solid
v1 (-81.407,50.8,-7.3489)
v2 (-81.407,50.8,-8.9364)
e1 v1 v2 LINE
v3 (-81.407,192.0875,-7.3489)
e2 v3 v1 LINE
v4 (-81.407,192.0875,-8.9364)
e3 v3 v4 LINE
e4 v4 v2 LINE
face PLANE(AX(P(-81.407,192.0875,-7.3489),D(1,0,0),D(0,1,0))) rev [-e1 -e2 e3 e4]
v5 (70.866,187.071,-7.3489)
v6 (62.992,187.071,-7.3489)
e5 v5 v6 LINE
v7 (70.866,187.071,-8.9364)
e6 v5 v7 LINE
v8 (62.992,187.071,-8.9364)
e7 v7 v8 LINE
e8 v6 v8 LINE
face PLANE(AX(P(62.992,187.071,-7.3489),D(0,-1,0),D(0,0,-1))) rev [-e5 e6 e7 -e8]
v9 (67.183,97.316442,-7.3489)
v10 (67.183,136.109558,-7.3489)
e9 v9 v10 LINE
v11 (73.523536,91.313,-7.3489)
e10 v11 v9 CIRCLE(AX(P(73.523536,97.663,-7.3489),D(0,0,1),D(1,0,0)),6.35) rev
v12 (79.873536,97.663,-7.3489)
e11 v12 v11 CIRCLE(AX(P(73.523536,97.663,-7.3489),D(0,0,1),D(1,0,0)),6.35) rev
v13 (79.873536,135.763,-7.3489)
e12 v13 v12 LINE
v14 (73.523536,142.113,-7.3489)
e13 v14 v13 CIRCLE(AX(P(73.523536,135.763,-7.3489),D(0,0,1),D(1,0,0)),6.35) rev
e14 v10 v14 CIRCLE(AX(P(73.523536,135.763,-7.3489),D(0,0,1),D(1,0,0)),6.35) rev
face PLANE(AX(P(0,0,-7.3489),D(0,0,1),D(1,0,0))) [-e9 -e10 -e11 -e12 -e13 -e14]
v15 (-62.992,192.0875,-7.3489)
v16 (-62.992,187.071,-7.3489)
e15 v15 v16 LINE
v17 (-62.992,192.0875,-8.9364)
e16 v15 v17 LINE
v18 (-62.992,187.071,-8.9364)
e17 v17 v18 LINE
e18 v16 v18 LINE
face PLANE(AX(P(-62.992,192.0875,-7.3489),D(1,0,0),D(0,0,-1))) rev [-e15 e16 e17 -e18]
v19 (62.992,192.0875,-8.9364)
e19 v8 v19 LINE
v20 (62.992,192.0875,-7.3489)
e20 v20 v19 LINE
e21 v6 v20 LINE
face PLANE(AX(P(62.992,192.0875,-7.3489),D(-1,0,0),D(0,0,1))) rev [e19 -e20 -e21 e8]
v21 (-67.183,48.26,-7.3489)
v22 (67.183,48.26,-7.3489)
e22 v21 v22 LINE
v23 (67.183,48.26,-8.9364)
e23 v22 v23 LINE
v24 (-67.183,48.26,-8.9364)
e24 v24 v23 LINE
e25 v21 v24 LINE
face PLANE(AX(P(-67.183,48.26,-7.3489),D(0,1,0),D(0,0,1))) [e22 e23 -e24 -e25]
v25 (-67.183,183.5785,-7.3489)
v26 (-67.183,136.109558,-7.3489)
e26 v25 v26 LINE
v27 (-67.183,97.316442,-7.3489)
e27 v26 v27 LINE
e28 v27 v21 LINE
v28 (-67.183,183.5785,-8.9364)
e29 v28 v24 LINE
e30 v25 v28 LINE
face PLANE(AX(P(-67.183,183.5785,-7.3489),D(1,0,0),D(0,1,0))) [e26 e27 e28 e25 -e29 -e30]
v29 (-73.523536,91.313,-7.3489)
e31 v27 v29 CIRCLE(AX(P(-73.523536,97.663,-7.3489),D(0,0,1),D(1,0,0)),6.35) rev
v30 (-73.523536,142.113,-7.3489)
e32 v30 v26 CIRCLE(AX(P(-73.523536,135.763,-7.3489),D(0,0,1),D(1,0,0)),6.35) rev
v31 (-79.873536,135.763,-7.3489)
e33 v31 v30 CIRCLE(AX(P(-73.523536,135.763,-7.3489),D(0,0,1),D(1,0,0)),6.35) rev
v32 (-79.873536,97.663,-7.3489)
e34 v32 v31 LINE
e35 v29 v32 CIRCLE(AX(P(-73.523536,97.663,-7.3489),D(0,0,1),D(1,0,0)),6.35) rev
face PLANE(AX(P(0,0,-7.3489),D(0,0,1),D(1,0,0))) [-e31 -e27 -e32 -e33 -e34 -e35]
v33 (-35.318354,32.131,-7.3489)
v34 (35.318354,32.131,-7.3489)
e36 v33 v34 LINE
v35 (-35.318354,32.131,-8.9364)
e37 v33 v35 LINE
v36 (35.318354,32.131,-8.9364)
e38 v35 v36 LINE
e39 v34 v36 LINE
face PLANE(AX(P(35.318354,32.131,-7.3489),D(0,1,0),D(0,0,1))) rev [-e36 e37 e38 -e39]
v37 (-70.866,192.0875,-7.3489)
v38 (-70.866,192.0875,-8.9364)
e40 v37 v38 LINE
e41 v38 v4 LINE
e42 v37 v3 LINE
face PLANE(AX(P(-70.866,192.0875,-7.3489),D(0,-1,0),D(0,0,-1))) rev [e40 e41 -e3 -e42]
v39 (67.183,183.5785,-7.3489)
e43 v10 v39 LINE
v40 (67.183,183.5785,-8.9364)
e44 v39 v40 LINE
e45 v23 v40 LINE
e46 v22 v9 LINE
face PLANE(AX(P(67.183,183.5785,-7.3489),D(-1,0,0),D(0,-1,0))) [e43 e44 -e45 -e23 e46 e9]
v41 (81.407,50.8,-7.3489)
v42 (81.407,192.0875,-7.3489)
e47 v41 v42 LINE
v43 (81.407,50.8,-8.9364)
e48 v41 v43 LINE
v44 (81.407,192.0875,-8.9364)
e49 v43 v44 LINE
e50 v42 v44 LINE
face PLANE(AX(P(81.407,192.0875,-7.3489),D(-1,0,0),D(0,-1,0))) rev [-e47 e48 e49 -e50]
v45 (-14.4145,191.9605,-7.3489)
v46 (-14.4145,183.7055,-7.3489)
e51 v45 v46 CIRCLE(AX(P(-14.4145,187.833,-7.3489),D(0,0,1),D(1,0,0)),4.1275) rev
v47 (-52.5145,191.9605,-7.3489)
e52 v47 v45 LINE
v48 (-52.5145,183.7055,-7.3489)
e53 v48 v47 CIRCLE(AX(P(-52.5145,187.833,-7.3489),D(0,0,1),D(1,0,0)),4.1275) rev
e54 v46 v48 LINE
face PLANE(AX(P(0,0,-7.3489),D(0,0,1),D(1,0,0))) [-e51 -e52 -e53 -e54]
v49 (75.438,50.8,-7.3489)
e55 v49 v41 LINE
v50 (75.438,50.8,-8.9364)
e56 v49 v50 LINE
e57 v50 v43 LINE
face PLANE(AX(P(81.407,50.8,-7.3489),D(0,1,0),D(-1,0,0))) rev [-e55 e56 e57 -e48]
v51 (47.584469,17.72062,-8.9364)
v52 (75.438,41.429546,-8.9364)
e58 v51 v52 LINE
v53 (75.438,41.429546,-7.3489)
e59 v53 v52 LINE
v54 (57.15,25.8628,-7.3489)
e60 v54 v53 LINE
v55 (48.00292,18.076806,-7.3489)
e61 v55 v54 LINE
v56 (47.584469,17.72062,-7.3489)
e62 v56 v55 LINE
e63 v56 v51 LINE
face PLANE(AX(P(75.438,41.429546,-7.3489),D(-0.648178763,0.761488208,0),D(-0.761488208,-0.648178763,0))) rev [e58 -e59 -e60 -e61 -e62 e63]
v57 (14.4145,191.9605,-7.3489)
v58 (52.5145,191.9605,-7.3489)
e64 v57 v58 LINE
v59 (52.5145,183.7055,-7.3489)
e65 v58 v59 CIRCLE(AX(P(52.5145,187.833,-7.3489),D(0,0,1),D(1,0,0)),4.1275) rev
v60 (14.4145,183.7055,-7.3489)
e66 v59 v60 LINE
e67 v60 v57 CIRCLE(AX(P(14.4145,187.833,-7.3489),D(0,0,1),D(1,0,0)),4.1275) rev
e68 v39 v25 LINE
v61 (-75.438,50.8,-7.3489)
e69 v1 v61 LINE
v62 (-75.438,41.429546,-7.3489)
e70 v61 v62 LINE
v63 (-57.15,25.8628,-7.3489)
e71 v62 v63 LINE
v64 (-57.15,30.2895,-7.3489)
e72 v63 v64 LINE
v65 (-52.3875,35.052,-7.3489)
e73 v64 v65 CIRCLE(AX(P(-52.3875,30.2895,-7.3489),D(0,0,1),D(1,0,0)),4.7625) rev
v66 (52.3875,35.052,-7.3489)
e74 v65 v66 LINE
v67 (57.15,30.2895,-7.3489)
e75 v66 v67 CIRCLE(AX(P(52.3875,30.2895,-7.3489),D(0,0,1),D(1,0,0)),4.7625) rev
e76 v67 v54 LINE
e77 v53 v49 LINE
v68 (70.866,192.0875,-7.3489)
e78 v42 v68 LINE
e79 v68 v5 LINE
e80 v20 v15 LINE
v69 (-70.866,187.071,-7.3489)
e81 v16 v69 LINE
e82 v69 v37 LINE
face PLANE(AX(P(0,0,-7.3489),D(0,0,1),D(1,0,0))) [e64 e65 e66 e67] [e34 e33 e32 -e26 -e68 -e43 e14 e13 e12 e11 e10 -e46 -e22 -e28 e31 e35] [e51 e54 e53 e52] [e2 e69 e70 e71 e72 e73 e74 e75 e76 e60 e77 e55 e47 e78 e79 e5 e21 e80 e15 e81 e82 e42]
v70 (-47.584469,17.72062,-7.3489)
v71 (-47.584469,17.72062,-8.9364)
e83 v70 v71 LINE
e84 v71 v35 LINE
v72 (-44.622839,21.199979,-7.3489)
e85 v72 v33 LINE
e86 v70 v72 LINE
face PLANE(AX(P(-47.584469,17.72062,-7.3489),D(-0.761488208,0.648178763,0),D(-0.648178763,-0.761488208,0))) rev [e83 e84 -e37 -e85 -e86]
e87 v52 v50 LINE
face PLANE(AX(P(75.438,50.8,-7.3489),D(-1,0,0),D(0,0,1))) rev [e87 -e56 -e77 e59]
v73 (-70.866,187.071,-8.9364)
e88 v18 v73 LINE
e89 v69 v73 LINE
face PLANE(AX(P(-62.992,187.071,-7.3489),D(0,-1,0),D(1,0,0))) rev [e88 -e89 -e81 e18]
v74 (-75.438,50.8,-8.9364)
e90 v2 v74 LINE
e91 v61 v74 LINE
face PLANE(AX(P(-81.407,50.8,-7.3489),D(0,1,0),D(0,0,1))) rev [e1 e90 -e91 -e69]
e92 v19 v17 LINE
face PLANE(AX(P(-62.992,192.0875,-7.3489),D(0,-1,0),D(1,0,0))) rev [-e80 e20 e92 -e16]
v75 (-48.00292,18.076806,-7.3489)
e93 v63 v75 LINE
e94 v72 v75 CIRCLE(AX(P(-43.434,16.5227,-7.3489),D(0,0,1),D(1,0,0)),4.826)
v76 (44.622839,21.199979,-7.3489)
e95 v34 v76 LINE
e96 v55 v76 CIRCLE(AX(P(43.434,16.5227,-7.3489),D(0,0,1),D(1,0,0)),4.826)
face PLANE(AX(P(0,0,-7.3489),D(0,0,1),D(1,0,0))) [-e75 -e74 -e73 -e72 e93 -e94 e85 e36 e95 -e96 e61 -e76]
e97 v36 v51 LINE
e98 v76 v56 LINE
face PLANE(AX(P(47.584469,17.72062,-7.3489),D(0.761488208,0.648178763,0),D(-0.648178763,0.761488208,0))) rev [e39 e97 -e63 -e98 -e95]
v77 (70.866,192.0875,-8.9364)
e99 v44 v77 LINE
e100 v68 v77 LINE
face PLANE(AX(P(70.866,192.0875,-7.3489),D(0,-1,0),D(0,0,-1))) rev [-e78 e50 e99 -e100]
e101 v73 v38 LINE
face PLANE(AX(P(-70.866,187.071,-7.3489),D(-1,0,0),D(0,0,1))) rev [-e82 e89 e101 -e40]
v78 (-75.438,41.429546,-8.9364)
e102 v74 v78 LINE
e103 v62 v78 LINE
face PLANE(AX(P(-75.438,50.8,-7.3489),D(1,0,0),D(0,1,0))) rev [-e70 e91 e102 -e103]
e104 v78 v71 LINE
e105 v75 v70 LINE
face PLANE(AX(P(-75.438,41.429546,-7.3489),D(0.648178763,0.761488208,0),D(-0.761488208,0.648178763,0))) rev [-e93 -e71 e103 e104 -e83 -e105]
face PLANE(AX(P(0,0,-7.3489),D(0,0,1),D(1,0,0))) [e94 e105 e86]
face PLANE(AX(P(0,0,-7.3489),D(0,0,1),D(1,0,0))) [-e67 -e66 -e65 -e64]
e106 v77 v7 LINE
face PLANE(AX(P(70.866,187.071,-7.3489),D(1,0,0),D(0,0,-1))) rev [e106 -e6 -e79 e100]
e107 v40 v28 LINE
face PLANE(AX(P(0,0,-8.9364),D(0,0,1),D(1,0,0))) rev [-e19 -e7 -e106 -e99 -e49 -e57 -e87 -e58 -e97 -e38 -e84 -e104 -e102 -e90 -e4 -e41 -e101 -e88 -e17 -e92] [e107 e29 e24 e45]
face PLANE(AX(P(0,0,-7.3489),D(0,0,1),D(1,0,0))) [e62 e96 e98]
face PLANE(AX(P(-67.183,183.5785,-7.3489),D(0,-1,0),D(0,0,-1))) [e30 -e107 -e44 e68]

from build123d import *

# Parameters (mm, degrees)
SKETCH1_W           = 134.366
SKETCH1_H           = 135.318500012
BOSS_EXTRUDE1_DEPTH = 1.5875


with BuildPart() as part:
    # Sketch1 → Boss-Extrude1 (new body)
    with BuildSketch(Plane.XY.offset(-8.9364)):
        Polygon((-62.992, 192.0875), (62.992, 192.0875), (62.992, 187.071), (70.866, 187.071), (70.866, 192.0875), (81.407, 192.0875), (81.407, 50.8), (75.438, 50.8), (75.438, 41.429545859), (47.584469242, 17.720620478), (35.318354193, 32.131), (-35.318354193, 32.131), (-47.584469242, 17.720620478), (-75.438, 41.429545859), (-75.438, 50.8), (-81.407, 50.8), (-81.407, 192.0875), (-70.866, 192.0875), (-70.866, 187.071), (-62.992, 187.071), align=None)
        with Locations((0, 115.919250006)):
            Rectangle(SKETCH1_W, SKETCH1_H, mode=Mode.SUBTRACT)
    extrude(amount=BOSS_EXTRUDE1_DEPTH)


solid = part.part
